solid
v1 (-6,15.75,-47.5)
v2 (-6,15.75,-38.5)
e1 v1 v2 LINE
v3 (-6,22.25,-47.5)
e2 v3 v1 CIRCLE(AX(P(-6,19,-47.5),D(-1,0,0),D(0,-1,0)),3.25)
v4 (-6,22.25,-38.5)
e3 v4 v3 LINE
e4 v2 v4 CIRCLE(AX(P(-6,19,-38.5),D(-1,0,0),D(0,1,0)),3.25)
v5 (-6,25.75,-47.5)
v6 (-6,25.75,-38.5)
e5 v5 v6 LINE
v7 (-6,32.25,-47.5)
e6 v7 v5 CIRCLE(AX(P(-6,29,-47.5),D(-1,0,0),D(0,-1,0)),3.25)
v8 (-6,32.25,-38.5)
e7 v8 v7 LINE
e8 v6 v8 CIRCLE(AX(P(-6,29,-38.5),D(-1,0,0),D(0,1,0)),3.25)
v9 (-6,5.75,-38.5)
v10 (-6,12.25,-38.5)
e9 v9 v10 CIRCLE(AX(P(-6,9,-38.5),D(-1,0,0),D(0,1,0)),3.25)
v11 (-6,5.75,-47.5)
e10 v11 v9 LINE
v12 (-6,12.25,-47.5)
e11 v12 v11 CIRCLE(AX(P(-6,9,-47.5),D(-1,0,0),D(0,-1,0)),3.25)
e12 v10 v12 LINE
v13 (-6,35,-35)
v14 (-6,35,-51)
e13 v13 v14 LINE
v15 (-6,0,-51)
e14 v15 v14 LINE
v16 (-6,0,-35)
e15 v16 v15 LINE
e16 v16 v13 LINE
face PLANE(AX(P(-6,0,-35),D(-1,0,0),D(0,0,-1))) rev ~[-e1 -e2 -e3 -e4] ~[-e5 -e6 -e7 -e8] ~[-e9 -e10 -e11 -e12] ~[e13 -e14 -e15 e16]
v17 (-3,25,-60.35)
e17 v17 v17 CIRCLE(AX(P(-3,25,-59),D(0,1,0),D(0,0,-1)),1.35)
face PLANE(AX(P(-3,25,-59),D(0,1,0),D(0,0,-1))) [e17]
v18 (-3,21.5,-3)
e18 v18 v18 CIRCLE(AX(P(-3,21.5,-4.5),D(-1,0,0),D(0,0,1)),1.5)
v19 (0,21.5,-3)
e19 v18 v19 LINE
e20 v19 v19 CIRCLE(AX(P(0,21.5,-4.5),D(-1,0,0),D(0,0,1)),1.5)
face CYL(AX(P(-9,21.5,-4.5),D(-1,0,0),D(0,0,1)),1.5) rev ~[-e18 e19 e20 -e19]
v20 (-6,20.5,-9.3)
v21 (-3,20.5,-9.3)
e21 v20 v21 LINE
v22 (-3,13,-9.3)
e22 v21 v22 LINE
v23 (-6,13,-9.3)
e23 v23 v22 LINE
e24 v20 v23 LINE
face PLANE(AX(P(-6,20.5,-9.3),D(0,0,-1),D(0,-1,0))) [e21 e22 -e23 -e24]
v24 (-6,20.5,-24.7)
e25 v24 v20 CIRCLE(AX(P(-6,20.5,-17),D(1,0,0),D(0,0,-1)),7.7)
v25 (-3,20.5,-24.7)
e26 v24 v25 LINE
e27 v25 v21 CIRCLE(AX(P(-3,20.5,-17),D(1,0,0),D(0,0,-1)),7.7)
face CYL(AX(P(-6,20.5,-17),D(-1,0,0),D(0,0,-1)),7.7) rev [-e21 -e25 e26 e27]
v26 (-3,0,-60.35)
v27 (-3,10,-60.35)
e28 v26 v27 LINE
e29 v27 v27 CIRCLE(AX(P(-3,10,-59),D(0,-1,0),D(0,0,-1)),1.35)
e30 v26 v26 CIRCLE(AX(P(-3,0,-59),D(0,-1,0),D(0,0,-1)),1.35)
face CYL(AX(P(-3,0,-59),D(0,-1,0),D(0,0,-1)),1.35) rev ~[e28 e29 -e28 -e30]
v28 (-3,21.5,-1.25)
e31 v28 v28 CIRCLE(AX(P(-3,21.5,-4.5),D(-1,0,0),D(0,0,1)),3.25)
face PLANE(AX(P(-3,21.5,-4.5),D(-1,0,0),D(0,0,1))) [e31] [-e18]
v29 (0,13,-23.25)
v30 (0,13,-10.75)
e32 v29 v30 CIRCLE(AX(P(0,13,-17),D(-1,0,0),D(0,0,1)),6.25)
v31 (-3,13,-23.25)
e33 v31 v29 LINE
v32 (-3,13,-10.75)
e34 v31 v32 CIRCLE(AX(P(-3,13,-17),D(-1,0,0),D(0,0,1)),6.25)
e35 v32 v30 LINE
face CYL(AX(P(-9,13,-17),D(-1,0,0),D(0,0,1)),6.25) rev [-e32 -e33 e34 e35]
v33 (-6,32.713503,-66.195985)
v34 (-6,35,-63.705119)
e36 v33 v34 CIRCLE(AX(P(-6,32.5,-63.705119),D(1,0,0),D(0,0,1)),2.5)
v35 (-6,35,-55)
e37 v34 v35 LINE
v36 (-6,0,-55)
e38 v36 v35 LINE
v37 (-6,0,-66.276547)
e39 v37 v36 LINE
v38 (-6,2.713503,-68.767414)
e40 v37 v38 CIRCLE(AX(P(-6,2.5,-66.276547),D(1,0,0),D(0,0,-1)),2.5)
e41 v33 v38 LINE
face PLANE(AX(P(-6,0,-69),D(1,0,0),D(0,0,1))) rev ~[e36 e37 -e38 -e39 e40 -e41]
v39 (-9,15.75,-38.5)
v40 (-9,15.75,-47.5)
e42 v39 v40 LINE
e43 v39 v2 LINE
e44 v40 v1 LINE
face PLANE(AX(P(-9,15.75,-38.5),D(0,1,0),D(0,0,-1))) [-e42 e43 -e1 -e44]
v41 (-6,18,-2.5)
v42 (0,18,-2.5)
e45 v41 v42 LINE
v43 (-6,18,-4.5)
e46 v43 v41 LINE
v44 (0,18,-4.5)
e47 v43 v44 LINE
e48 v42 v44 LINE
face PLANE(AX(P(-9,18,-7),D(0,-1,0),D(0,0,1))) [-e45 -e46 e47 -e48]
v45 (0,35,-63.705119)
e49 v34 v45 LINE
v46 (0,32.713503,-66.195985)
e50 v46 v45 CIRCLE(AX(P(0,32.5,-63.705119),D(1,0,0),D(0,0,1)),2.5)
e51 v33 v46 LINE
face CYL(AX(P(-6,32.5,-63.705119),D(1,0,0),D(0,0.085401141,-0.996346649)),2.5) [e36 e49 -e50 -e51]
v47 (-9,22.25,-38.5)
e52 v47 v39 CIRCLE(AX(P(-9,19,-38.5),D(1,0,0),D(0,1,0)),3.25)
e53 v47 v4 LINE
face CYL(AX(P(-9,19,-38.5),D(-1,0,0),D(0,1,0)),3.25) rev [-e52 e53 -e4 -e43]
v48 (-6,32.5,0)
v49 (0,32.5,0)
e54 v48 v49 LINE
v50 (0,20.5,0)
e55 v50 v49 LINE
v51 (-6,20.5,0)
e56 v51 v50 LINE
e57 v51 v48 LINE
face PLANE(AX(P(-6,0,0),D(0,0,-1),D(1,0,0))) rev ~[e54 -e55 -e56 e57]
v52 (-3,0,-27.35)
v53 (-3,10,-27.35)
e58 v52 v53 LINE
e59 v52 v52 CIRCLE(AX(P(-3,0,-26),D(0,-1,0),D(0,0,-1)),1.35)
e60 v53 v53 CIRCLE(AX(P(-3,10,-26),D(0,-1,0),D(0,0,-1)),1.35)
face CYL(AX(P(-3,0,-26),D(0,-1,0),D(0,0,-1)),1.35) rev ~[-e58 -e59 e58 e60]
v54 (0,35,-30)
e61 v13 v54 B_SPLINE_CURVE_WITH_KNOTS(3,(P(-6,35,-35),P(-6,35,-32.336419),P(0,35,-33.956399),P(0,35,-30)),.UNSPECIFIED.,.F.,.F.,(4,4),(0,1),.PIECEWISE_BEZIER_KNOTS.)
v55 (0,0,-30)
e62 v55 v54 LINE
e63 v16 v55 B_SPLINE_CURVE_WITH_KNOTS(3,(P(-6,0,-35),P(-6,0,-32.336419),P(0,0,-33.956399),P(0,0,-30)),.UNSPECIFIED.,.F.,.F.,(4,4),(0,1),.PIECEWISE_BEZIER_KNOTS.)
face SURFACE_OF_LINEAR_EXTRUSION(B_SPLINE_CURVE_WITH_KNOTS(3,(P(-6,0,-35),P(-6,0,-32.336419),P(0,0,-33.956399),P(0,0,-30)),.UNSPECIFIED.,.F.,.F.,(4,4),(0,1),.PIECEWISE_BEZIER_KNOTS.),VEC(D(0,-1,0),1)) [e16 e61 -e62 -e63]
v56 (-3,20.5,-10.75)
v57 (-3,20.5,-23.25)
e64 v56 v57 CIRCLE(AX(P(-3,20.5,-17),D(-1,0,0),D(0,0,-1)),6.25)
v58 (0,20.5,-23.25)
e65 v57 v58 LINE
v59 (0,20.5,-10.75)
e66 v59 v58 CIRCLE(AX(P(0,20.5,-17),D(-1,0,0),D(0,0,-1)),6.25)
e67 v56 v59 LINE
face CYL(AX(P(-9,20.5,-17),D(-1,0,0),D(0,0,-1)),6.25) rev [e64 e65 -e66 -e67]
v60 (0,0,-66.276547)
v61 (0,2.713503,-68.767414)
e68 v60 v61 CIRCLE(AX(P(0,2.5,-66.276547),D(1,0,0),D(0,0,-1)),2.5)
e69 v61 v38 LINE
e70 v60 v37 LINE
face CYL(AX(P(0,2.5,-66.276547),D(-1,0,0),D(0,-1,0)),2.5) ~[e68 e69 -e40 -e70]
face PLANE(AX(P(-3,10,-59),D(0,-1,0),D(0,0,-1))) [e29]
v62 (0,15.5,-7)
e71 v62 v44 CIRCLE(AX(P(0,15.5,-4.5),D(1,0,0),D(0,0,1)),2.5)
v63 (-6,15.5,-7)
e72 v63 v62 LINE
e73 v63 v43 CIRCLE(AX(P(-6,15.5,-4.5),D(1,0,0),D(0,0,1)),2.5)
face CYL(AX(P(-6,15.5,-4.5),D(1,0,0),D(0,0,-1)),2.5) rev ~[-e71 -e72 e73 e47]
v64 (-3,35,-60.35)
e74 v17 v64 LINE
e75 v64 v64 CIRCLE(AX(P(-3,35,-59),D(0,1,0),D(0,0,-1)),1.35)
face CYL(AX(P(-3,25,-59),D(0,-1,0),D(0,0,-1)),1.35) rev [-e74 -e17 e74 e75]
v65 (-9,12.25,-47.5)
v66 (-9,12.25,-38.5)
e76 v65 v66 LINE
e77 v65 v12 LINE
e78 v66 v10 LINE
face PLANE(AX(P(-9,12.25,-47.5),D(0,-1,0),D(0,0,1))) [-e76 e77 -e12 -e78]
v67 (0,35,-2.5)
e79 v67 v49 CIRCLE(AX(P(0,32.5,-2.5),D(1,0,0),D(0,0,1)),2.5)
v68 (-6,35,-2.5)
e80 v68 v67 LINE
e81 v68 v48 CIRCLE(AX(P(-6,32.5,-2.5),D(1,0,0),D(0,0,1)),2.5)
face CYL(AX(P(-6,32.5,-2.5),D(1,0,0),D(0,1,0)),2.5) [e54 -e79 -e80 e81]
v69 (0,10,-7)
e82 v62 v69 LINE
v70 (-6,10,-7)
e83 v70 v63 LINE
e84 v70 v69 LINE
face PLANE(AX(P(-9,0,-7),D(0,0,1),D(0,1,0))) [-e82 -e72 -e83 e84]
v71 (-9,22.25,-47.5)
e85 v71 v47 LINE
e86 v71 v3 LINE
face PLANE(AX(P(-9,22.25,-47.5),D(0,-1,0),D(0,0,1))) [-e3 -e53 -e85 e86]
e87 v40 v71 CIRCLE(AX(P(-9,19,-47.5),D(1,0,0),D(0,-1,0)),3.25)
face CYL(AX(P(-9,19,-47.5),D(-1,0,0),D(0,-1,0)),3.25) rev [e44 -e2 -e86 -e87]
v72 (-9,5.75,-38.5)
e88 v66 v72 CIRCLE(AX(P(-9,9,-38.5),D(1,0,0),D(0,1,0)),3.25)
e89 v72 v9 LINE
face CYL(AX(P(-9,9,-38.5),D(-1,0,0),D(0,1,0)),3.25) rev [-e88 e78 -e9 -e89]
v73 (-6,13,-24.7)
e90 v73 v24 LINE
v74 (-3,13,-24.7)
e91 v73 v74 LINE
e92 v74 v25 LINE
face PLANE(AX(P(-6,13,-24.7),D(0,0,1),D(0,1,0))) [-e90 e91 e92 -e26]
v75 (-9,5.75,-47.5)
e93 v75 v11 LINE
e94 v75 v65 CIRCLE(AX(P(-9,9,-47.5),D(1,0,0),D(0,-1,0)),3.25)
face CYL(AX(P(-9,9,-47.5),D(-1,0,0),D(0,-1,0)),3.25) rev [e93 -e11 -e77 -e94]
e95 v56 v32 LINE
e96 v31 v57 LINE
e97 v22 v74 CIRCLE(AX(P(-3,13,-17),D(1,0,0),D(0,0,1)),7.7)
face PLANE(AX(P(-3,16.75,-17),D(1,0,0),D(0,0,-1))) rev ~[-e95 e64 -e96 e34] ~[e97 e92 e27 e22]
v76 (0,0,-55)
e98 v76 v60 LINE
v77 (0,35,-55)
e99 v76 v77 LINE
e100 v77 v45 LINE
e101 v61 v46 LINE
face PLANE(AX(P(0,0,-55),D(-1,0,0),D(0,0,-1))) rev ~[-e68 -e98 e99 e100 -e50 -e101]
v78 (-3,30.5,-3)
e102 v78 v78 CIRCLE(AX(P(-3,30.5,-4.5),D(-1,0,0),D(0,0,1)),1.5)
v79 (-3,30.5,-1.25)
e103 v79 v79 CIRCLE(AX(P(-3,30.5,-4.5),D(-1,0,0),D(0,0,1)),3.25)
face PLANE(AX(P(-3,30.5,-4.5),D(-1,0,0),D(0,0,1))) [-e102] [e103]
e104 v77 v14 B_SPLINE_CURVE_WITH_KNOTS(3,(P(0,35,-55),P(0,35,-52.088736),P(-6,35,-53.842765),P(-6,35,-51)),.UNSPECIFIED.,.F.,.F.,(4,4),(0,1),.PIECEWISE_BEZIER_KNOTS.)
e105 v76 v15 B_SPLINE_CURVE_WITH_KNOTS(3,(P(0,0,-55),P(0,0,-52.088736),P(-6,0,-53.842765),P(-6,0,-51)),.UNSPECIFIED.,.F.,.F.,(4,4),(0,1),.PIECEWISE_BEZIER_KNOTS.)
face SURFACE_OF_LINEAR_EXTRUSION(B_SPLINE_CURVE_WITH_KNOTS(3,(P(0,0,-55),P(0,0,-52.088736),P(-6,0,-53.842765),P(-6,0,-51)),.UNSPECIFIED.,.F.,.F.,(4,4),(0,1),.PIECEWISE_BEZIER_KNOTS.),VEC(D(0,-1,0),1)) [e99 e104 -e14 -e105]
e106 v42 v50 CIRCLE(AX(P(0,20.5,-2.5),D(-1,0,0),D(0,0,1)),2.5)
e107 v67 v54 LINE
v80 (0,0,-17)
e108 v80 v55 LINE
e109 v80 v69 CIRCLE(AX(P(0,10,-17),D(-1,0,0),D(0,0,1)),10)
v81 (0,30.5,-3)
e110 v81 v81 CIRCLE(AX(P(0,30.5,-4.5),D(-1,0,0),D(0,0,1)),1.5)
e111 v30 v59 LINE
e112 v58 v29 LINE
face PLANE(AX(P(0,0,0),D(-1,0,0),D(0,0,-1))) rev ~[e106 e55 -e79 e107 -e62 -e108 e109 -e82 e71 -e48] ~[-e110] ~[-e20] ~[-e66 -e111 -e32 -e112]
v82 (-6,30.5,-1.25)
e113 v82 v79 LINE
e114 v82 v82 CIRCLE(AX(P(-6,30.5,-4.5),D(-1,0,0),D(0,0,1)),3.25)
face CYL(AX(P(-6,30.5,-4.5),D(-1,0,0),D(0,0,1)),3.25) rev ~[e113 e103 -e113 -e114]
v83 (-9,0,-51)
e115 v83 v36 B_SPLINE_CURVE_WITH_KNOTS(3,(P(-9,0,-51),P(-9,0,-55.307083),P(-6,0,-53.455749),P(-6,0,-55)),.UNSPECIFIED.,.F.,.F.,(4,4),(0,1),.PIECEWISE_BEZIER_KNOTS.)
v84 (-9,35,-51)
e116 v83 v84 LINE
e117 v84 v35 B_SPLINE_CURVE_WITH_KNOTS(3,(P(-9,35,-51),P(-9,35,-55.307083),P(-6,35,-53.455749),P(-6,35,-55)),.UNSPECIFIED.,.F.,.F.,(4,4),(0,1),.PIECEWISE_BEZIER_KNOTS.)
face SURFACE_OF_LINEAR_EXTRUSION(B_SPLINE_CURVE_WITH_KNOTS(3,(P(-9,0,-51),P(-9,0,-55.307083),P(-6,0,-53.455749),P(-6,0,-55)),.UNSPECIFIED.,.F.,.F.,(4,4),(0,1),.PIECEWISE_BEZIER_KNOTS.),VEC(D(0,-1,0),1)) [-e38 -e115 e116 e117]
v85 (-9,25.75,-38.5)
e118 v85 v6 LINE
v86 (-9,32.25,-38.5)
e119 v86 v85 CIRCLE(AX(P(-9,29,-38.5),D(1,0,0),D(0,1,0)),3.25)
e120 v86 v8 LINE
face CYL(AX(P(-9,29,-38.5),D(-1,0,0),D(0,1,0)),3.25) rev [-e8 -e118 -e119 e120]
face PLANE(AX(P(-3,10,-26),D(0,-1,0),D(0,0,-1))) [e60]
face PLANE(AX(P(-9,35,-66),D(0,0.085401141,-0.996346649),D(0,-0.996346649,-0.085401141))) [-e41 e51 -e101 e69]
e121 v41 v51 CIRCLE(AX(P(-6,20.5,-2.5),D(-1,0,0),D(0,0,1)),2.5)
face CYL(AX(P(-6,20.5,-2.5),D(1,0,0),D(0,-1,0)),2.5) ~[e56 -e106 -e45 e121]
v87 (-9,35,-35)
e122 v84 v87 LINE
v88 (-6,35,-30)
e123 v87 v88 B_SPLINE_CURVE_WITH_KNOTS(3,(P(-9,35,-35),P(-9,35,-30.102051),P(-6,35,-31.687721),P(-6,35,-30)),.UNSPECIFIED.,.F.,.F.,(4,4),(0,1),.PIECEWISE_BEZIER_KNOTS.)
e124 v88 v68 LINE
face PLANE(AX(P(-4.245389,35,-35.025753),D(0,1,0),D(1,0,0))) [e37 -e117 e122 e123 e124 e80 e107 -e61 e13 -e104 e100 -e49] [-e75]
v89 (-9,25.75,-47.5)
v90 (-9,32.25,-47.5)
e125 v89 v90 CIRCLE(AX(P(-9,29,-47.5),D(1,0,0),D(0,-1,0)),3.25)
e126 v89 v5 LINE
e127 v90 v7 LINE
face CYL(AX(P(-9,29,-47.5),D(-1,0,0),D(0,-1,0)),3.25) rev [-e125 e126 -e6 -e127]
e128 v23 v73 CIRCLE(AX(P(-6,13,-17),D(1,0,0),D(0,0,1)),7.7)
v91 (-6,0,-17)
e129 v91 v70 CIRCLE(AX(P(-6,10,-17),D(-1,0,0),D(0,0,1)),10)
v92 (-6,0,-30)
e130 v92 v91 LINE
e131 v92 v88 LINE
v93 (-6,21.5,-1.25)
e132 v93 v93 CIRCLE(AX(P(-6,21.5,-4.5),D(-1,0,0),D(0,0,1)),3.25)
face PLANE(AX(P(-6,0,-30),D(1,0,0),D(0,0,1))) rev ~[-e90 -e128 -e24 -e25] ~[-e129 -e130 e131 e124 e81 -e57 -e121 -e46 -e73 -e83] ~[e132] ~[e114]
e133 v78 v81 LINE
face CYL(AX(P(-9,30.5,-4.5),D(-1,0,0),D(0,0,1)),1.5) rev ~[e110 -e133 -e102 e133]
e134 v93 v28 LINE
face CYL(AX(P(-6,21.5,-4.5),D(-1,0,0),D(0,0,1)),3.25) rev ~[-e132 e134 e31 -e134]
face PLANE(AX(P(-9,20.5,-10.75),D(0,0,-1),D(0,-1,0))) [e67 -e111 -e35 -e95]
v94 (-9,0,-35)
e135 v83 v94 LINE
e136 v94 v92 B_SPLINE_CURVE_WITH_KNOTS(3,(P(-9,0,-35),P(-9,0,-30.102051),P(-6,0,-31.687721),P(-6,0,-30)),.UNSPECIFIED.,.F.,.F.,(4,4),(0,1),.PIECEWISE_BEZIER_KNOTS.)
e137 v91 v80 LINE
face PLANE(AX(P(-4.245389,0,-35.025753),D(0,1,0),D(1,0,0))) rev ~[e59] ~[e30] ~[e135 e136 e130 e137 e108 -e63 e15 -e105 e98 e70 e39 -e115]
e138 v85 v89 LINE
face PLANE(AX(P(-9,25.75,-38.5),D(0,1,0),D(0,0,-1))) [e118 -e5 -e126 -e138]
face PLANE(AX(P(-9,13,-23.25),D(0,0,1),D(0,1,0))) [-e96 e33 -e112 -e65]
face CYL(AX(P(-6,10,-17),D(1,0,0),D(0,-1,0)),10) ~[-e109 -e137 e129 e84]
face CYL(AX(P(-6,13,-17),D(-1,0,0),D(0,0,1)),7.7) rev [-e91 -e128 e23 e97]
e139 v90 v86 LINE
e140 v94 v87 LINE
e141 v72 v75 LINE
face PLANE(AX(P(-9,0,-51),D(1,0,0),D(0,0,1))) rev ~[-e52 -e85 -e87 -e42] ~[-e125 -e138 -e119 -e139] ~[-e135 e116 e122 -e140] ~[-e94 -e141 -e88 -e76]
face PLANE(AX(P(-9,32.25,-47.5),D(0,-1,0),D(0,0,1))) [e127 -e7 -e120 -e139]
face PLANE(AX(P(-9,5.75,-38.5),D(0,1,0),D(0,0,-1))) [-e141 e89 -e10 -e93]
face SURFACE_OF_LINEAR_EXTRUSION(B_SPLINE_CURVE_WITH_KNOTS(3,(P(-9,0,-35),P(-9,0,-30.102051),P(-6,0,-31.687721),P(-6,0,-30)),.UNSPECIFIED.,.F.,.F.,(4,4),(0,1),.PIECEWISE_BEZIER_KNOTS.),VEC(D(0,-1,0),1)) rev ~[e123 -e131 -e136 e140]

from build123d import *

# Parameters (mm, degrees)
BOSS_EXTRUDE1_DEPTH = 35
CUT_EXTRUDE1_REACH  = 79.891
SKETCH4_R           = 1.5
SKETCH4_W           = 7
SKETCH4_H           = 18
SKETCH7_R           = 3.25
CUT_EXTRUDE2_DEPTH  = 3
SKETCH10_R          = 1.35
CUT_EXTRUDE3_DEPTH  = 10
CUT_EXTRUDE4_START  = -10
SKETCH11_R          = 1.35
CUT_EXTRUDE4_DEPTH  = 10
FILLET1_R           = 2.5
FILLET2_R           = 10


with BuildPart() as part:
    # Sketch3 → Boss-Extrude1 (new body)
    with BuildSketch(Plane(origin=(0, 0, 0), x_dir=(1, 0, 0), z_dir=(0, 1, 0))):
        with BuildLine():
            Line((0, 69), (-6, 69))
            Line((-6, 69), (-6, 55))
            add(Edge.make_bspline(
                [(-9, 51), (-9, 55.307083004), (-6, 53.455748632), (-6, 55)],
                knots=[0, 0, 0, 0, 1, 1, 1, 1], degree=3))
            Line((-9, 51), (-9, 35))
            add(Edge.make_bspline(
                [(-9, 35), (-9, 30.102050716), (-6, 31.687720833), (-6, 30)],
                knots=[0, 0, 0, 0, 1, 1, 1, 1], degree=3))
            Line((-6, 30), (-6, 0))
            Line((-6, 0), (0, 0))
            Line((0, 0), (0, 30))
            add(Edge.make_bspline(
                [(-6, 35), (-6, 32.33641875), (0, 33.956398937), (0, 30)],
                knots=[0, 0, 0, 0, 1, 1, 1, 1], degree=3))
            Line((-6, 35), (-6, 51))
            add(Edge.make_bspline(
                [(0, 55), (0, 52.08873611), (-6, 53.842765247), (-6, 51)],
                knots=[0, 0, 0, 0, 1, 1, 1, 1], degree=3))
            Line((0, 55), (0, 69))
        make_face()
    extrude(amount=BOSS_EXTRUDE1_DEPTH)

    # Sketch4 → Cut-Extrude1 (cut, up to next)
    with BuildSketch(Plane.ZY.offset(9), mode=Mode.PRIVATE) as cut_extrude1_sk1:
        with Locations((-4.5, 30.5)):
            Circle(SKETCH4_R)
    cut_extrude1_tool1 = extrude(cut_extrude1_sk1.sketch, amount=-CUT_EXTRUDE1_REACH, mode=Mode.PRIVATE) & part.part
    # Sketch4 → Cut-Extrude1 (cut, up to next)
    with BuildSketch(Plane.ZY.offset(9), mode=Mode.PRIVATE) as cut_extrude1_sk2:
        with Locations((-4.5, 21.5)):
            Circle(SKETCH4_R)
    cut_extrude1_tool2 = extrude(cut_extrude1_sk2.sketch, amount=-CUT_EXTRUDE1_REACH, mode=Mode.PRIVATE) & part.part
    # Sketch4 → Cut-Extrude1 (cut, up to next)
    with BuildSketch(Plane.ZY.offset(9), mode=Mode.PRIVATE) as cut_extrude1_sk3:
        Polygon((-69, 35), (-66, 35), (-69, 0), align=None)
    cut_extrude1_tool3 = extrude(cut_extrude1_sk3.sketch, amount=-CUT_EXTRUDE1_REACH, mode=Mode.PRIVATE) & part.part
    # Sketch4 → Cut-Extrude1 (cut, up to next)
    with BuildSketch(Plane.ZY.offset(9), mode=Mode.PRIVATE) as cut_extrude1_sk4:
        with BuildLine():
            Line((-47.5, 32.25), (-38.5, 32.25))
            ThreePointArc((-38.5, 32.25), (-35.25, 29), (-38.5, 25.75))
            Line((-38.5, 25.75), (-47.5, 25.75))
            ThreePointArc((-47.5, 25.75), (-50.75, 29), (-47.5, 32.25))
        make_face()
    cut_extrude1_tool4 = extrude(cut_extrude1_sk4.sketch, amount=-CUT_EXTRUDE1_REACH, mode=Mode.PRIVATE) & part.part
    # Sketch4 → Cut-Extrude1 (cut, up to next)
    with BuildSketch(Plane.ZY.offset(9), mode=Mode.PRIVATE) as cut_extrude1_sk5:
        with BuildLine():
            Line((-47.5, 22.25), (-38.5, 22.25))
            ThreePointArc((-38.5, 22.25), (-35.25, 19), (-38.5, 15.75))
            Line((-38.5, 15.75), (-47.5, 15.75))
            ThreePointArc((-47.5, 15.75), (-50.75, 19), (-47.5, 22.25))
        make_face()
    cut_extrude1_tool5 = extrude(cut_extrude1_sk5.sketch, amount=-CUT_EXTRUDE1_REACH, mode=Mode.PRIVATE) & part.part
    # Sketch4 → Cut-Extrude1 (cut, up to next)
    with BuildSketch(Plane.ZY.offset(9), mode=Mode.PRIVATE) as cut_extrude1_sk6:
        with BuildLine():
            Line((-47.5, 12.25), (-38.5, 12.25))
            ThreePointArc((-38.5, 12.25), (-35.25, 9), (-38.5, 5.75))
            Line((-38.5, 5.75), (-47.5, 5.75))
            ThreePointArc((-47.5, 5.75), (-50.75, 9), (-47.5, 12.25))
        make_face()
    cut_extrude1_tool6 = extrude(cut_extrude1_sk6.sketch, amount=-CUT_EXTRUDE1_REACH, mode=Mode.PRIVATE) & part.part
    # Sketch4 → Cut-Extrude1 (cut, up to next)
    with BuildSketch(Plane.ZY.offset(9), mode=Mode.PRIVATE) as cut_extrude1_sk7:
        with Locations((-3.5, 9)):
            Rectangle(SKETCH4_W, SKETCH4_H)
    cut_extrude1_tool7 = extrude(cut_extrude1_sk7.sketch, amount=-CUT_EXTRUDE1_REACH, mode=Mode.PRIVATE) & part.part
    # Sketch4 → Cut-Extrude1 (cut, up to next)
    with BuildSketch(Plane.ZY.offset(9), mode=Mode.PRIVATE) as cut_extrude1_sk8:
        with BuildLine():
            Line((-10.75, 20.5), (-10.75, 13))
            ThreePointArc((-10.75, 13), (-17, 6.75), (-23.25, 13))
            Line((-23.25, 13), (-23.25, 20.5))
            ThreePointArc((-23.25, 20.5), (-17, 26.75), (-10.75, 20.5))
        make_face()
    cut_extrude1_tool8 = extrude(cut_extrude1_sk8.sketch, amount=-CUT_EXTRUDE1_REACH, mode=Mode.PRIVATE) & part.part
    add(cut_extrude1_tool1.solids().sort_by_distance((-9, 30.5, -4.5))[0], mode=Mode.SUBTRACT)
    add(cut_extrude1_tool2.solids().sort_by_distance((-9, 21.5, -4.5))[0], mode=Mode.SUBTRACT)
    add(cut_extrude1_tool3.solids().sort_by_distance((-9, 23.333333, -68))[0], mode=Mode.SUBTRACT)
    add(cut_extrude1_tool4.solids().sort_by_distance((-9, 29, -43))[0], mode=Mode.SUBTRACT)
    add(cut_extrude1_tool5.solids().sort_by_distance((-9, 19, -43))[0], mode=Mode.SUBTRACT)
    add(cut_extrude1_tool6.solids().sort_by_distance((-9, 9, -43))[0], mode=Mode.SUBTRACT)
    add(cut_extrude1_tool7.solids().sort_by_distance((-9, 9, -3.5))[0], mode=Mode.SUBTRACT)
    add(cut_extrude1_tool8.solids().sort_by_distance((-9, 16.75, -17))[0], mode=Mode.SUBTRACT)

    # Sketch7 → Cut-Extrude2 (cut)
    with BuildSketch(Plane.ZY.offset(6)):
        with Locations((-4.5, 30.5)):
            Circle(SKETCH7_R)
        with Locations((-4.5, 21.5)):
            Circle(SKETCH7_R)
        with BuildLine():
            Line((-9.3, 20.5), (-9.3, 13))
            ThreePointArc((-9.3, 13), (-17, 5.3), (-24.7, 13))
            Line((-24.7, 13), (-24.7, 20.5))
            ThreePointArc((-24.7, 20.5), (-17, 28.2), (-9.3, 20.5))
        make_face()
    extrude(amount=-CUT_EXTRUDE2_DEPTH, mode=Mode.SUBTRACT)

    # Sketch10 → Cut-Extrude3 (cut)
    with BuildSketch(Plane.XZ):
        with Locations(Location((-3, -59, 0), (0, 0, 270))):
            Circle(SKETCH10_R)
        with Locations(Location((-3, -26, 0), (0, 0, 270))):
            Circle(SKETCH10_R)
    extrude(amount=-CUT_EXTRUDE3_DEPTH, mode=Mode.SUBTRACT)

    # Sketch11 → Cut-Extrude4 (cut)
    with BuildSketch(Plane(origin=(0, 35, 0), x_dir=(1, 0, 0), z_dir=(0, 1, 0)).offset(CUT_EXTRUDE4_START)):
        with Locations(Location((-3, 59, 0), (0, 0, 90))):
            Circle(SKETCH11_R)
    extrude(amount=CUT_EXTRUDE4_DEPTH, mode=Mode.SUBTRACT)

    # Fillet1
    fillet1_edges = [part.edges().sort_by_distance(p)[0] for p in [
        (-3, 0, -69),
        (-3, 35, 0),
        (-3, 35, -66),
        (-3, 18, 0),
        (-3, 18, -7),
    ]]
    fillet(fillet1_edges, radius=FILLET1_R)

    # Fillet2
    fillet2_edges = [part.edges().sort_by_distance(p)[0] for p in [
        (-3, 0, -7),
    ]]
    fillet(fillet2_edges, radius=FILLET2_R)


solid = part.part
